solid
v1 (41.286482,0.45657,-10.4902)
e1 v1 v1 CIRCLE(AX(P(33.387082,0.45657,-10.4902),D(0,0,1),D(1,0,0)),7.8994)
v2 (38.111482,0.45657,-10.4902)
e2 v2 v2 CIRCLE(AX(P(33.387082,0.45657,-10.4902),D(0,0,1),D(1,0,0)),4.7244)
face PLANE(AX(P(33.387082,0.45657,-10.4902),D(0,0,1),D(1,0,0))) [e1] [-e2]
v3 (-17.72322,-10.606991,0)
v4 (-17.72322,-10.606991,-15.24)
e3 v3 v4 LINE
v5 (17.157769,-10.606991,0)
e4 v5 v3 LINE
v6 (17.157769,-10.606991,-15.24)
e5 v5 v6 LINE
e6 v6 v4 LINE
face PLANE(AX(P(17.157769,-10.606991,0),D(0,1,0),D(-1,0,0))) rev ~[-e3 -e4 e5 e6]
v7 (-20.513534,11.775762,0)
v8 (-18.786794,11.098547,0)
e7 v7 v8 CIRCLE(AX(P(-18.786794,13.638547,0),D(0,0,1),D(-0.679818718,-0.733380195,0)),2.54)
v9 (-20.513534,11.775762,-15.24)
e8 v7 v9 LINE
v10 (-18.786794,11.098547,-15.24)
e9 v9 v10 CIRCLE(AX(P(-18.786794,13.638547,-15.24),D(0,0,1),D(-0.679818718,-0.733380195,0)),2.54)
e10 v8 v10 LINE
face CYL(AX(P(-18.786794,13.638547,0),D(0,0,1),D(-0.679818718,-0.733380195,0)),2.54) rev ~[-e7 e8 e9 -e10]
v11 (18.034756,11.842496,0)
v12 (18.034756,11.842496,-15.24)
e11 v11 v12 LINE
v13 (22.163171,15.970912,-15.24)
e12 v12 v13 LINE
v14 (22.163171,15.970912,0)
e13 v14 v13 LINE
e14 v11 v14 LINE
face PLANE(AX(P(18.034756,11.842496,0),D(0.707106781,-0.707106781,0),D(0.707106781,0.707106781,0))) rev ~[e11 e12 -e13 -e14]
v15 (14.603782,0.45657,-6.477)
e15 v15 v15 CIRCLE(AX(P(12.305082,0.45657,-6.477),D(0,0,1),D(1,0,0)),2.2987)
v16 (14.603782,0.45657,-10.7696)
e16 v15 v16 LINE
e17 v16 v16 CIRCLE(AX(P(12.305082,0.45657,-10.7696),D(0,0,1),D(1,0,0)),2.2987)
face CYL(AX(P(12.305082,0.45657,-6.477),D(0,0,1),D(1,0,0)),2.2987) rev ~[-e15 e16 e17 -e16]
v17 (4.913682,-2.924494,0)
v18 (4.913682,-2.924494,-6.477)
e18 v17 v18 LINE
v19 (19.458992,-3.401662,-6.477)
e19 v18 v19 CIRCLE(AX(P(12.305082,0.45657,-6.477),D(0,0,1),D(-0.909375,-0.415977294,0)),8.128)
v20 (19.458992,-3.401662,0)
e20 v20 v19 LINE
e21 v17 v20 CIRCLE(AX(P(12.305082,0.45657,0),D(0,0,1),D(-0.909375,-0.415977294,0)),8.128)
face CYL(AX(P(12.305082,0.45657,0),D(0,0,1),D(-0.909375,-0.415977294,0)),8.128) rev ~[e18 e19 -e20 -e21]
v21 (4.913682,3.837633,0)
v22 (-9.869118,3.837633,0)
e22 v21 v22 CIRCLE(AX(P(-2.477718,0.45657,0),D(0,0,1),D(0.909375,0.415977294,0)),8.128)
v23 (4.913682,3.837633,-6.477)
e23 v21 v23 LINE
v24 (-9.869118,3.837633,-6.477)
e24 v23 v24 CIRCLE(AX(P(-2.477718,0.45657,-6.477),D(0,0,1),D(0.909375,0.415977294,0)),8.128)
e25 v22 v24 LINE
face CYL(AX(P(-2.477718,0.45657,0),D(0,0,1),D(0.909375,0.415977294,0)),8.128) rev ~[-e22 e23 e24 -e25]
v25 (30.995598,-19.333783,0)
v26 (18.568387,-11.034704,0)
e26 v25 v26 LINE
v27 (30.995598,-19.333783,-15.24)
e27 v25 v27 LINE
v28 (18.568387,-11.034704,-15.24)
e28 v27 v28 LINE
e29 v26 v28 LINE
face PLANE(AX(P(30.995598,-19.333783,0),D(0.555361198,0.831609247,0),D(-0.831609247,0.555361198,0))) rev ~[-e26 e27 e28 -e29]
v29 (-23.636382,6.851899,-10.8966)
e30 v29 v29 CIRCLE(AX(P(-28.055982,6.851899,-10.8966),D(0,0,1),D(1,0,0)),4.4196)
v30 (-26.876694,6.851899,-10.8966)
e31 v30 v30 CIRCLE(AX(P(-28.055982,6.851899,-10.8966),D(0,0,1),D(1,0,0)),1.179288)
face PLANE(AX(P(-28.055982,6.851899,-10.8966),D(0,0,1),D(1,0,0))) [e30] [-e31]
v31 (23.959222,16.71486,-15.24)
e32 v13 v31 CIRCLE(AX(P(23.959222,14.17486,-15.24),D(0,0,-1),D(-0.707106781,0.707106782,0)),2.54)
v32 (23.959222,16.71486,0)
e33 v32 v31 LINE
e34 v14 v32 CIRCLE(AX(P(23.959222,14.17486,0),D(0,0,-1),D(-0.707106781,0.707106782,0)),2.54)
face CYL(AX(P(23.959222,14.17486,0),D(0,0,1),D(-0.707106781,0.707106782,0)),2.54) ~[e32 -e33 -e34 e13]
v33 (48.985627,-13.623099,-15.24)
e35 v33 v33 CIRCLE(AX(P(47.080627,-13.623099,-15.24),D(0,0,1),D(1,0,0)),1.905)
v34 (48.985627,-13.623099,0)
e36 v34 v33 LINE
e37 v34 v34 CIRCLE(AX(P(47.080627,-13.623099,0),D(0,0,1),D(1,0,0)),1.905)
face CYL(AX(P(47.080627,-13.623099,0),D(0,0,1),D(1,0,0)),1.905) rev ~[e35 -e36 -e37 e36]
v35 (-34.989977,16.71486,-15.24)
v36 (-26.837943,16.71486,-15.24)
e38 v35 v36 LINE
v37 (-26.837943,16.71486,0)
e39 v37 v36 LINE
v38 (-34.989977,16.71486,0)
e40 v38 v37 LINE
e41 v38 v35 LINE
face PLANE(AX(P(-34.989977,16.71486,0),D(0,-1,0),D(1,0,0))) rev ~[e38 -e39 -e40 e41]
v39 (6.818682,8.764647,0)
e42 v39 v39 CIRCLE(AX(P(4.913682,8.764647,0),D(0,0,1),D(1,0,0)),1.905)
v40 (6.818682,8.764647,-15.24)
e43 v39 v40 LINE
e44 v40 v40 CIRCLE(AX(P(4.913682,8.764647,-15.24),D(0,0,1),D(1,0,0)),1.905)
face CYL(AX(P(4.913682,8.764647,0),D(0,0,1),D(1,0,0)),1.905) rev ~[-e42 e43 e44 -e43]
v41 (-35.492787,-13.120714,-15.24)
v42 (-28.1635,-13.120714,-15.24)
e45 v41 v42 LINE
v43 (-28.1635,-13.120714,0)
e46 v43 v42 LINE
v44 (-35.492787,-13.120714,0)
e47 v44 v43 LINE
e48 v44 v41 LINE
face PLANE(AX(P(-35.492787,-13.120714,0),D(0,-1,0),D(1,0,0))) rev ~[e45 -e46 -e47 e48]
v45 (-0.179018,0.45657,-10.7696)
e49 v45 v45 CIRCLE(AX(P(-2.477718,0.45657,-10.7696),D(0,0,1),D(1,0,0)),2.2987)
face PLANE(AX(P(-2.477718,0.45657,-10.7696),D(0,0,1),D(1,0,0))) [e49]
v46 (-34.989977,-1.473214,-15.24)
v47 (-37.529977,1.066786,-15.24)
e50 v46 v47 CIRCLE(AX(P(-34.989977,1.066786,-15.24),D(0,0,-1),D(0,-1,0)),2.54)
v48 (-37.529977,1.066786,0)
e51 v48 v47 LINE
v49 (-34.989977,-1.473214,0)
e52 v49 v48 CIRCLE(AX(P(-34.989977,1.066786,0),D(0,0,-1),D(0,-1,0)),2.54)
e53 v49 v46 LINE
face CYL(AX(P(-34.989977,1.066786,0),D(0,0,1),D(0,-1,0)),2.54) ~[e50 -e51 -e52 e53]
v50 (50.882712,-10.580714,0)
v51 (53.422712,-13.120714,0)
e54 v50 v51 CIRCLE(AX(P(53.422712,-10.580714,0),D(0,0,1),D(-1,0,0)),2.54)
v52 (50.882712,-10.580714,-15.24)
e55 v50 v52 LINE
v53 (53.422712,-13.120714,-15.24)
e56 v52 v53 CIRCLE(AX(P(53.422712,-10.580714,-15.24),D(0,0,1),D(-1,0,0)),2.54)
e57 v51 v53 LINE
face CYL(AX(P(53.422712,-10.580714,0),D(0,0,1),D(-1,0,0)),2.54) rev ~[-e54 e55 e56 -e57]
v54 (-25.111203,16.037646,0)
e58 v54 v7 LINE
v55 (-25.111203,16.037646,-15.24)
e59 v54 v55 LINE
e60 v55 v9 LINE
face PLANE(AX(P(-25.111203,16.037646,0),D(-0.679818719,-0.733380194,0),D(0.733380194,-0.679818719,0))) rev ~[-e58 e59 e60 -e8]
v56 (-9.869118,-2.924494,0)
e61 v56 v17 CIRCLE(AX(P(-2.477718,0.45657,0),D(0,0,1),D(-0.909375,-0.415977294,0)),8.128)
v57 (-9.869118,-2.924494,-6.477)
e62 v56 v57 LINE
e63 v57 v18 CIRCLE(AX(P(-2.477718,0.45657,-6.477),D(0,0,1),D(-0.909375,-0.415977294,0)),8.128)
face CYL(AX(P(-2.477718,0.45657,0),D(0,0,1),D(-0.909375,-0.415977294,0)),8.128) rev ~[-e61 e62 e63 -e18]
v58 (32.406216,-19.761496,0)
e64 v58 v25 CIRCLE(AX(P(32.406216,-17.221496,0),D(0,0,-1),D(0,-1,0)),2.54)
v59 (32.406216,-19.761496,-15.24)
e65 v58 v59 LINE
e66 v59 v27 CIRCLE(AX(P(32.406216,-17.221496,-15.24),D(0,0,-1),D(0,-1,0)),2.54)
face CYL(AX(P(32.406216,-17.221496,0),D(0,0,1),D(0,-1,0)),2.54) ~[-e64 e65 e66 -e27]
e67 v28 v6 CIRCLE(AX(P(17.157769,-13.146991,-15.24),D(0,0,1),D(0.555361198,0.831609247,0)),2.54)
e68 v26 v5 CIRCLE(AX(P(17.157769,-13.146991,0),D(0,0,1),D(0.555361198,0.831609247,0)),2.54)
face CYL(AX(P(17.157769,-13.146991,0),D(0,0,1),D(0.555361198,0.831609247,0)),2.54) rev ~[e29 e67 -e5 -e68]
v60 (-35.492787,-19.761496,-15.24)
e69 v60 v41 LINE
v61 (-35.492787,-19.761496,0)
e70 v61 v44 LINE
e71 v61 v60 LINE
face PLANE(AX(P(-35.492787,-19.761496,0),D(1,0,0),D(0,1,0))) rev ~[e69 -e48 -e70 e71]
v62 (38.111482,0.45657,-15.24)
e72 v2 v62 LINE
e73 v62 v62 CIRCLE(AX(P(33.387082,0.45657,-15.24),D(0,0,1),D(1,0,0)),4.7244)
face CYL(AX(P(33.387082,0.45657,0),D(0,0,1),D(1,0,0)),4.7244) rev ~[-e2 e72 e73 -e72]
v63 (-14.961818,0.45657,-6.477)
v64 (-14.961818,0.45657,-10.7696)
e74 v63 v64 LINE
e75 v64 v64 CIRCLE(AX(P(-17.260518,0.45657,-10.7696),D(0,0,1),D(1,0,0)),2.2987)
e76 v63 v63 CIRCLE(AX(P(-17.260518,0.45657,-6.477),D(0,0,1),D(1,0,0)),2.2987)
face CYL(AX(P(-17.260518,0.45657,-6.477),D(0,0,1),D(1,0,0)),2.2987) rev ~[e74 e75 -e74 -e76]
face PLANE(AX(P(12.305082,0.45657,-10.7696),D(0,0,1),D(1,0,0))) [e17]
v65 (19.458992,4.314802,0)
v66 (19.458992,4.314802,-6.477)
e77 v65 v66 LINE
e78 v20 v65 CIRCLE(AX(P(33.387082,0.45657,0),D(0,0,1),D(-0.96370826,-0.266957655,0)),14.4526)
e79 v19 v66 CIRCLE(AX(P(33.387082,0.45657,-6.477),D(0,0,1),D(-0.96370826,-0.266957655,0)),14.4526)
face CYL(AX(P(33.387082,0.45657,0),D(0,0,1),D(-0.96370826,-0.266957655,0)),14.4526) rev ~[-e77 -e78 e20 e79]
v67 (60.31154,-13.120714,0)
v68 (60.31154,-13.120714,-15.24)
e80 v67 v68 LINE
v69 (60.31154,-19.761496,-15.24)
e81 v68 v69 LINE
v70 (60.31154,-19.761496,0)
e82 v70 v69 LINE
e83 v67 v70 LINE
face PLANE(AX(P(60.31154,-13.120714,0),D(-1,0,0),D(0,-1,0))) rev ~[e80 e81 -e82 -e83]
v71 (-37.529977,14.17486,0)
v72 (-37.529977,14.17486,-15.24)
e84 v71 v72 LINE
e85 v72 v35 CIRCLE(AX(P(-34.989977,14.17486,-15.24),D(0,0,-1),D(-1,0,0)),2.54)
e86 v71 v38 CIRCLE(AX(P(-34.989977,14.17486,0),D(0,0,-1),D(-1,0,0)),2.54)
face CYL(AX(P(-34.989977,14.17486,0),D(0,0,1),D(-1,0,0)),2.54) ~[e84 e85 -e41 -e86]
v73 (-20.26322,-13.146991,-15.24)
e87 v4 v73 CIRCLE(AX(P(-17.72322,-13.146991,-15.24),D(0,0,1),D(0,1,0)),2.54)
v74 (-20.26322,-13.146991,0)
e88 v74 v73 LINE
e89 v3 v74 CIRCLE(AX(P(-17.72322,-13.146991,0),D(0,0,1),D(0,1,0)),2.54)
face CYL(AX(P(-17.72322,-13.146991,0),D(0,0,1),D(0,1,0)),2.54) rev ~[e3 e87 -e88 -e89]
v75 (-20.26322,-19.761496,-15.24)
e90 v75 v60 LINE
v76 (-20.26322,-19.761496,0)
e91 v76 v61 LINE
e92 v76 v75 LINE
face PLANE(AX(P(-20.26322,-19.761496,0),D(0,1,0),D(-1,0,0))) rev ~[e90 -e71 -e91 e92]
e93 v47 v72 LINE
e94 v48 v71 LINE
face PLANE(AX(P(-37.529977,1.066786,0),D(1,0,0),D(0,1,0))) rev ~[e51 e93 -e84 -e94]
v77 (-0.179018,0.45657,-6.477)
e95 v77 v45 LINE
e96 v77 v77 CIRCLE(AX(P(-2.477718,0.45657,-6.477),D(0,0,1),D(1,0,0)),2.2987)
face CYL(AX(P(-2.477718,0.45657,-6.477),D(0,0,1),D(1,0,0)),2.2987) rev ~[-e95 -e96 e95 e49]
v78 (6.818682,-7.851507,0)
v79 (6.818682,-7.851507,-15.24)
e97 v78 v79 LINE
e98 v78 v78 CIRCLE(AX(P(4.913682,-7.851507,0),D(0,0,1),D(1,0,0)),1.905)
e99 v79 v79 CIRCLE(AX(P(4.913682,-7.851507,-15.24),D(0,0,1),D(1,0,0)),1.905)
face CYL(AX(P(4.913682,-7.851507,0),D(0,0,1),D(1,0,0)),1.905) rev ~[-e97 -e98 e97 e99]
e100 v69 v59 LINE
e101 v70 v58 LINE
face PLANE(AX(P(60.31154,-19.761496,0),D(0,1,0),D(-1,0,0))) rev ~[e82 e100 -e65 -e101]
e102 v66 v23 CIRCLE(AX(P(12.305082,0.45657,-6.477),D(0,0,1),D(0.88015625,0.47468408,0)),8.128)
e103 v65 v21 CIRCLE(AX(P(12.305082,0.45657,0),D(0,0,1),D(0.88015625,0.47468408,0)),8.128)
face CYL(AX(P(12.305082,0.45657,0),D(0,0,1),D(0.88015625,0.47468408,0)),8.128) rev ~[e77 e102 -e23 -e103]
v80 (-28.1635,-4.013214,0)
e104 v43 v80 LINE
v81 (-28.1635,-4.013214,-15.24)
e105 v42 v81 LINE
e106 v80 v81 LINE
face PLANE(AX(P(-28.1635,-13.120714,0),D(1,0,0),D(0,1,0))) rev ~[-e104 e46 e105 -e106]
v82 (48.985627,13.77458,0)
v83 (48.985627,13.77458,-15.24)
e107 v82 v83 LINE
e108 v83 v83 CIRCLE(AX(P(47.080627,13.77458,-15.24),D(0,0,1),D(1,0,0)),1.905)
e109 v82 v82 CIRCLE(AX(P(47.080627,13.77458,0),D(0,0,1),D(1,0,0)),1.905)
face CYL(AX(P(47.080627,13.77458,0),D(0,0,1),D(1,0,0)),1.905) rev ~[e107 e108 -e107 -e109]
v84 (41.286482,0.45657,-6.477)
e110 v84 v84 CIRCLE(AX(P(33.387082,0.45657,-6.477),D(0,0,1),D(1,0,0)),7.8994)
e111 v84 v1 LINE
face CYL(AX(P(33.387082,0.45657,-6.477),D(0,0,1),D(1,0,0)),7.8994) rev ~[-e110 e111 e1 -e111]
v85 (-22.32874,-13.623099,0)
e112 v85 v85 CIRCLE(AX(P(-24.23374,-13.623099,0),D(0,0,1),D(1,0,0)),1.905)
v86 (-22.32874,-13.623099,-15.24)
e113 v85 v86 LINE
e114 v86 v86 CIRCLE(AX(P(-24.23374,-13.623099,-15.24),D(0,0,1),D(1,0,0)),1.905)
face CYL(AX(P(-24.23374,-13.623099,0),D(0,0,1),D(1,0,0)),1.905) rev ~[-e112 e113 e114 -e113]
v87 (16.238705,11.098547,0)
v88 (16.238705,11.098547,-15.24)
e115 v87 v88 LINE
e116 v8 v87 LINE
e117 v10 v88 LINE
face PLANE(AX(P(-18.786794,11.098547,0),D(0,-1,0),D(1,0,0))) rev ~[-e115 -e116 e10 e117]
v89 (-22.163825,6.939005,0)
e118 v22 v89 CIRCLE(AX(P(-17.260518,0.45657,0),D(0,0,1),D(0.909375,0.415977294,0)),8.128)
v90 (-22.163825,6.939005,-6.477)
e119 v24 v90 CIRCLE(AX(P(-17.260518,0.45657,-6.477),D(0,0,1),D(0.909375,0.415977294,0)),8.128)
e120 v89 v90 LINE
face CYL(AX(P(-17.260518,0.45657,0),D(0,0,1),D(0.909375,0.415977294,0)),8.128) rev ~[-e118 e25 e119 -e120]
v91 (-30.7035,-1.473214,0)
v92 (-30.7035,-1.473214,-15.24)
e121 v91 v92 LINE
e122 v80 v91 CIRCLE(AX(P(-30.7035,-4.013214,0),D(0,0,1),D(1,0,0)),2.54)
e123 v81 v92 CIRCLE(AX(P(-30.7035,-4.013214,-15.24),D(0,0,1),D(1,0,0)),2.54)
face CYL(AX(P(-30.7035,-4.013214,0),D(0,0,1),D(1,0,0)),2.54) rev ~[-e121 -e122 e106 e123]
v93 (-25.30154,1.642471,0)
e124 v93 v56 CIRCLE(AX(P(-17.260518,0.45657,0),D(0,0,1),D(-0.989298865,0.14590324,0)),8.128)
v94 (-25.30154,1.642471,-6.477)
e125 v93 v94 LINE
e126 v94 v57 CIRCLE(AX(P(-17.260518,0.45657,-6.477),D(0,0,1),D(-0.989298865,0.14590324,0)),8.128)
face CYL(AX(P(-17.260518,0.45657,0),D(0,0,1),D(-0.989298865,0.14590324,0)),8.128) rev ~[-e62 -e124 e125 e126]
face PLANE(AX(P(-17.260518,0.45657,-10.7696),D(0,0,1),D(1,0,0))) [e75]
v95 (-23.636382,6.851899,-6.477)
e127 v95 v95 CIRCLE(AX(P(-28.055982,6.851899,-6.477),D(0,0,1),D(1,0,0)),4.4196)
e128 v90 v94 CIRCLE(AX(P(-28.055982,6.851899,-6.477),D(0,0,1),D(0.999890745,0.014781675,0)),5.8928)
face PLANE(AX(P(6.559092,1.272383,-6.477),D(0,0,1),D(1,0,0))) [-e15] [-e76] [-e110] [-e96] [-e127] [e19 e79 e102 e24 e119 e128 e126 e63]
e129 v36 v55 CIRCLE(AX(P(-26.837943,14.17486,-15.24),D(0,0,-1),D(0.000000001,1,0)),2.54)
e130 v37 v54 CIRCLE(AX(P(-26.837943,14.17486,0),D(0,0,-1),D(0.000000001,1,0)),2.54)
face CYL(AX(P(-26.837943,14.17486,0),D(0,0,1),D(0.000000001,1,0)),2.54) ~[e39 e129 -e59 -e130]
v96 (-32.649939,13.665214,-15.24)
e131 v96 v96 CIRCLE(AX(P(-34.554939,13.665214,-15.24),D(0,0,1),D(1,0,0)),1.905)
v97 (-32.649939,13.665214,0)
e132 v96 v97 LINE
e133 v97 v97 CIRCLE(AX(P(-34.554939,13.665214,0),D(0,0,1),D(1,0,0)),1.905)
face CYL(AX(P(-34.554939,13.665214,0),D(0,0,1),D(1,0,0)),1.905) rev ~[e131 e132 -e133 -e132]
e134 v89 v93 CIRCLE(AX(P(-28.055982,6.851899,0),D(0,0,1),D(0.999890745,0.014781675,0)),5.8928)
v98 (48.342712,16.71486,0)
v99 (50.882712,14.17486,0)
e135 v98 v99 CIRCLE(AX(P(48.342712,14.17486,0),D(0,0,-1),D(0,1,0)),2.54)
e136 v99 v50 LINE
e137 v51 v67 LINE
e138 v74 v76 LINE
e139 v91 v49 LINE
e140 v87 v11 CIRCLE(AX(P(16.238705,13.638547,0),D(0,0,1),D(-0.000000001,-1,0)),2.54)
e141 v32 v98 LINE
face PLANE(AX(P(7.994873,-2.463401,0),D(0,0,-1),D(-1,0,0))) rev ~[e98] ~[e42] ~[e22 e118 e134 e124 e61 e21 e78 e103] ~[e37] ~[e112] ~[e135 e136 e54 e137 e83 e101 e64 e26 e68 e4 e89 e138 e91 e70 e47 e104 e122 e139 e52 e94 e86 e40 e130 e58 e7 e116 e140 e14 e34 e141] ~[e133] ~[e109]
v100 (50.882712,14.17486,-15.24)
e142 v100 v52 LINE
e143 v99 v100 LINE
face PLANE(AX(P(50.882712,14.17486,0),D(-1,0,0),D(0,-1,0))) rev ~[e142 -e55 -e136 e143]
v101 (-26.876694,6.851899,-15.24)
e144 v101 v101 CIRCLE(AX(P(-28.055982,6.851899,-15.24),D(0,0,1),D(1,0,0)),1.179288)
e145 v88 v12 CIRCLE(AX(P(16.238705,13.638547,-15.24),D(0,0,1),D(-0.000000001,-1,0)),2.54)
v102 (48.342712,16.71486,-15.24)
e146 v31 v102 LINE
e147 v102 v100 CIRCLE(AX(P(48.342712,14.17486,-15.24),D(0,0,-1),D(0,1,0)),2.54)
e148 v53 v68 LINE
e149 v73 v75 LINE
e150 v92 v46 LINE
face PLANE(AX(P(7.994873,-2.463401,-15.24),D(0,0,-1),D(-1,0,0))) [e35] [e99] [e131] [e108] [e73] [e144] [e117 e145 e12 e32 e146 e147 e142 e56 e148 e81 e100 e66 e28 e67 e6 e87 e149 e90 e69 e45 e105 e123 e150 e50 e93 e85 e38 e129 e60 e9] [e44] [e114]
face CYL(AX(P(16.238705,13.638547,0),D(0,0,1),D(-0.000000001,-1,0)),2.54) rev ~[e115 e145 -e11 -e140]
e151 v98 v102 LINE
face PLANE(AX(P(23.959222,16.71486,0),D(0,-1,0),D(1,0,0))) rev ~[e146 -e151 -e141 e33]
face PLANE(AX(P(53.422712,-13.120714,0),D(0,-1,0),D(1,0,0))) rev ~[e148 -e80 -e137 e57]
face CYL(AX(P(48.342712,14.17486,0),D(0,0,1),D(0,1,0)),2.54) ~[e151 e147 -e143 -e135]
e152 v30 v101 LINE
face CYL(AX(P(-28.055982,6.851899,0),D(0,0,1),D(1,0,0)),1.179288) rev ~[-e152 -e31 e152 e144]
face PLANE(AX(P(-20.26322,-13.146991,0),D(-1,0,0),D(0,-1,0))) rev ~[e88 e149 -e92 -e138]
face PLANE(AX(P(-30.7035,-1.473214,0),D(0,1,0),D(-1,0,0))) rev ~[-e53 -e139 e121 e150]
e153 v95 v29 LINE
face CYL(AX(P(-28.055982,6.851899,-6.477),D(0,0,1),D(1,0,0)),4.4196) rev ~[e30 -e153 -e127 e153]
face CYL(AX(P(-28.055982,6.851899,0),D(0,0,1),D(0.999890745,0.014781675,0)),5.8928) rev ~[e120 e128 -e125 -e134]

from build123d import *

# Parameters (mm, degrees)
EXTRUDE3_DEPTH = 15.24
EXTRUDE4_DEPTH = 6.477
SKETCH7_R      = 7.8994
EXTRUDE5_DEPTH = 4.0132
SKETCH8_R      = 2.2987
EXTRUDE6_DEPTH = 4.2926
SKETCH9_R      = 4.4196
EXTRUDE7_DEPTH = 4.4196
SKETCH12_R     = 1.179287719
SKETCH12_R_2   = 1.905
SKETCH12_R_3   = 4.7244
EXTRUDE8_DEPTH = 19.177


with BuildPart() as part:
    # Sketch4 → Extrude3 (new body)
    with BuildSketch(Plane.XY):
        with BuildLine():
            Line((-34.989977361, 16.714860485), (-26.837942516, 16.714860485))
            ThreePointArc((-26.837942516, 16.714860485), (-25.910547148, 16.539503762), (-25.11120297, 16.037646178))
            Line((-25.11120297, 16.037646178), (-20.513533707, 11.775761749))
            ThreePointArc((-20.513533707, 11.775761749), (-19.714189529, 11.273904165), (-18.786794161, 11.098547442))
            Line((-18.786794161, 11.098547442), (16.238704516, 11.098547442))
            ThreePointArc((16.238704516, 11.098547442), (17.210720434, 11.291893429), (18.03475574, 11.842496218))
            Line((18.03475574, 11.842496218), (22.163171231, 15.970911709))
            ThreePointArc((22.163171231, 15.970911709), (22.987206537, 16.521514497), (23.959222455, 16.714860485))
            Line((23.959222455, 16.714860485), (48.342712132, 16.714860485))
            ThreePointArc((48.342712132, 16.714860485), (50.138763356, 15.970911709), (50.882712132, 14.174860485))
            Line((50.882712132, 14.174860485), (50.882712132, -10.580714332))
            ThreePointArc((50.882712132, -10.580714332), (51.626660908, -12.376765556), (53.422712132, -13.120714332))
            Line((53.422712132, -13.120714332), (60.311539532, -13.120714332))
            Line((60.311539532, -13.120714332), (60.311539532, -19.76149571))
            Line((60.311539532, -19.76149571), (32.406215876, -19.76149571))
            ThreePointArc((32.406215876, -19.76149571), (31.669198311, -19.652216819), (30.995598433, -19.333783198))
            Line((30.995598433, -19.333783198), (18.568386733, -11.034703794))
            ThreePointArc((18.568386733, -11.034703794), (17.894786855, -10.716270173), (17.157769291, -10.606991282))
            Line((17.157769291, -10.606991282), (-17.723220352, -10.606991282))
            ThreePointArc((-17.723220352, -10.606991282), (-19.519271576, -11.350940058), (-20.263220352, -13.146991282))
            Line((-20.263220352, -13.146991282), (-20.263220352, -19.76149571))
            Line((-20.263220352, -19.76149571), (-35.4927874, -19.76149571))
            Line((-35.4927874, -19.76149571), (-35.4927874, -13.120714332))
            Line((-35.4927874, -13.120714332), (-28.163499743, -13.120714332))
            Line((-28.163499743, -13.120714332), (-28.163499743, -4.013214075))
            ThreePointArc((-28.163499743, -4.013214075), (-28.907448519, -2.217162851), (-30.703499743, -1.473214075))
            Line((-30.703499743, -1.473214075), (-34.989977361, -1.473214075))
            ThreePointArc((-34.989977361, -1.473214075), (-36.786028585, -0.729265299), (-37.529977361, 1.066785925))
            Line((-37.529977361, 1.066785925), (-37.529977361, 14.174860485))
            ThreePointArc((-37.529977361, 14.174860485), (-36.786028585, 15.970911709), (-34.989977361, 16.714860485))
        make_face()
    extrude(amount=-EXTRUDE3_DEPTH)

    # Sketch1 → Extrude4 (cut)
    with BuildSketch(Plane.XY):
        with BuildLine():
            ThreePointArc((19.458991626, 4.314801956), (12.038580445, 8.580199555), (4.913681626, 3.837633204))
            ThreePointArc((4.913681626, 3.837633204), (-2.477718374, 8.584569756), (-9.869118374, 3.837633204))
            ThreePointArc((-9.869118374, 3.837633204), (-15.272484602, 8.337693135), (-22.163825334, 6.939004858))
            ThreePointArc((-22.163825334, 6.939004858), (-33.125915624, 9.855374055), (-25.30153955, 1.642471287))
            ThreePointArc((-25.30153955, 1.642471287), (-19.566986279, -7.337311806), (-9.869118374, -2.924493692))
            ThreePointArc((-9.869118374, -2.924493692), (-2.477718374, -7.671430244), (4.913681626, -2.924493692))
            ThreePointArc((4.913681626, -2.924493692), (12.038580445, -7.667060044), (19.458991626, -3.401662445))
            ThreePointArc((19.458991626, -3.401662445), (47.839681626, 0.456569756), (19.458991626, 4.314801956))
        make_face()
    extrude(amount=-EXTRUDE4_DEPTH, mode=Mode.SUBTRACT)

    # Sketch7 → Extrude5 (cut)
    with BuildSketch(Plane.XY.offset(-6.477)):
        with Locations((33.387081626, 0.456569756)):
            Circle(SKETCH7_R)
    extrude(amount=-EXTRUDE5_DEPTH, mode=Mode.SUBTRACT)

    # Sketch8 → Extrude6 (cut)
    with BuildSketch(Plane.XY.offset(-6.477)):
        with Locations((12.305081626, 0.456569756)):
            Circle(SKETCH8_R)
        with Locations((-2.477718374, 0.456569756)):
            Circle(SKETCH8_R)
        with Locations((-17.260518374, 0.456569756)):
            Circle(SKETCH8_R)
    extrude(amount=-EXTRUDE6_DEPTH, mode=Mode.SUBTRACT)

    # Sketch9 → Extrude7 (cut)
    with BuildSketch(Plane.XY.offset(-6.477)):
        with Locations((-28.055981517, 6.851899403)):
            Circle(SKETCH9_R)
    extrude(amount=-EXTRUDE7_DEPTH, mode=Mode.SUBTRACT)

    # Sketch12 → Extrude8 (cut, symmetric)
    with BuildSketch(Plane.XY):
        with Locations((-28.055981517, 6.851899403)):
            Circle(SKETCH12_R)
        with Locations((-24.233740004, -13.623099256)):
            Circle(SKETCH12_R_2)
        with Locations((47.080626595, -13.623099256)):
            Circle(SKETCH12_R_2)
        with Locations((47.080626595, 13.774579835)):
            Circle(SKETCH12_R_2)
        with Locations((33.387081626, 0.456569756)):
            Circle(SKETCH12_R_3)
        with Locations((4.913681626, -7.85150728)):
            Circle(SKETCH12_R_2)
        with Locations((4.913681626, 8.764646791)):
            Circle(SKETCH12_R_2)
        with Locations((-34.554939326, 13.665214221)):
            Circle(SKETCH12_R_2)
    extrude(amount=EXTRUDE8_DEPTH, both=True, mode=Mode.SUBTRACT)


solid = part.part
